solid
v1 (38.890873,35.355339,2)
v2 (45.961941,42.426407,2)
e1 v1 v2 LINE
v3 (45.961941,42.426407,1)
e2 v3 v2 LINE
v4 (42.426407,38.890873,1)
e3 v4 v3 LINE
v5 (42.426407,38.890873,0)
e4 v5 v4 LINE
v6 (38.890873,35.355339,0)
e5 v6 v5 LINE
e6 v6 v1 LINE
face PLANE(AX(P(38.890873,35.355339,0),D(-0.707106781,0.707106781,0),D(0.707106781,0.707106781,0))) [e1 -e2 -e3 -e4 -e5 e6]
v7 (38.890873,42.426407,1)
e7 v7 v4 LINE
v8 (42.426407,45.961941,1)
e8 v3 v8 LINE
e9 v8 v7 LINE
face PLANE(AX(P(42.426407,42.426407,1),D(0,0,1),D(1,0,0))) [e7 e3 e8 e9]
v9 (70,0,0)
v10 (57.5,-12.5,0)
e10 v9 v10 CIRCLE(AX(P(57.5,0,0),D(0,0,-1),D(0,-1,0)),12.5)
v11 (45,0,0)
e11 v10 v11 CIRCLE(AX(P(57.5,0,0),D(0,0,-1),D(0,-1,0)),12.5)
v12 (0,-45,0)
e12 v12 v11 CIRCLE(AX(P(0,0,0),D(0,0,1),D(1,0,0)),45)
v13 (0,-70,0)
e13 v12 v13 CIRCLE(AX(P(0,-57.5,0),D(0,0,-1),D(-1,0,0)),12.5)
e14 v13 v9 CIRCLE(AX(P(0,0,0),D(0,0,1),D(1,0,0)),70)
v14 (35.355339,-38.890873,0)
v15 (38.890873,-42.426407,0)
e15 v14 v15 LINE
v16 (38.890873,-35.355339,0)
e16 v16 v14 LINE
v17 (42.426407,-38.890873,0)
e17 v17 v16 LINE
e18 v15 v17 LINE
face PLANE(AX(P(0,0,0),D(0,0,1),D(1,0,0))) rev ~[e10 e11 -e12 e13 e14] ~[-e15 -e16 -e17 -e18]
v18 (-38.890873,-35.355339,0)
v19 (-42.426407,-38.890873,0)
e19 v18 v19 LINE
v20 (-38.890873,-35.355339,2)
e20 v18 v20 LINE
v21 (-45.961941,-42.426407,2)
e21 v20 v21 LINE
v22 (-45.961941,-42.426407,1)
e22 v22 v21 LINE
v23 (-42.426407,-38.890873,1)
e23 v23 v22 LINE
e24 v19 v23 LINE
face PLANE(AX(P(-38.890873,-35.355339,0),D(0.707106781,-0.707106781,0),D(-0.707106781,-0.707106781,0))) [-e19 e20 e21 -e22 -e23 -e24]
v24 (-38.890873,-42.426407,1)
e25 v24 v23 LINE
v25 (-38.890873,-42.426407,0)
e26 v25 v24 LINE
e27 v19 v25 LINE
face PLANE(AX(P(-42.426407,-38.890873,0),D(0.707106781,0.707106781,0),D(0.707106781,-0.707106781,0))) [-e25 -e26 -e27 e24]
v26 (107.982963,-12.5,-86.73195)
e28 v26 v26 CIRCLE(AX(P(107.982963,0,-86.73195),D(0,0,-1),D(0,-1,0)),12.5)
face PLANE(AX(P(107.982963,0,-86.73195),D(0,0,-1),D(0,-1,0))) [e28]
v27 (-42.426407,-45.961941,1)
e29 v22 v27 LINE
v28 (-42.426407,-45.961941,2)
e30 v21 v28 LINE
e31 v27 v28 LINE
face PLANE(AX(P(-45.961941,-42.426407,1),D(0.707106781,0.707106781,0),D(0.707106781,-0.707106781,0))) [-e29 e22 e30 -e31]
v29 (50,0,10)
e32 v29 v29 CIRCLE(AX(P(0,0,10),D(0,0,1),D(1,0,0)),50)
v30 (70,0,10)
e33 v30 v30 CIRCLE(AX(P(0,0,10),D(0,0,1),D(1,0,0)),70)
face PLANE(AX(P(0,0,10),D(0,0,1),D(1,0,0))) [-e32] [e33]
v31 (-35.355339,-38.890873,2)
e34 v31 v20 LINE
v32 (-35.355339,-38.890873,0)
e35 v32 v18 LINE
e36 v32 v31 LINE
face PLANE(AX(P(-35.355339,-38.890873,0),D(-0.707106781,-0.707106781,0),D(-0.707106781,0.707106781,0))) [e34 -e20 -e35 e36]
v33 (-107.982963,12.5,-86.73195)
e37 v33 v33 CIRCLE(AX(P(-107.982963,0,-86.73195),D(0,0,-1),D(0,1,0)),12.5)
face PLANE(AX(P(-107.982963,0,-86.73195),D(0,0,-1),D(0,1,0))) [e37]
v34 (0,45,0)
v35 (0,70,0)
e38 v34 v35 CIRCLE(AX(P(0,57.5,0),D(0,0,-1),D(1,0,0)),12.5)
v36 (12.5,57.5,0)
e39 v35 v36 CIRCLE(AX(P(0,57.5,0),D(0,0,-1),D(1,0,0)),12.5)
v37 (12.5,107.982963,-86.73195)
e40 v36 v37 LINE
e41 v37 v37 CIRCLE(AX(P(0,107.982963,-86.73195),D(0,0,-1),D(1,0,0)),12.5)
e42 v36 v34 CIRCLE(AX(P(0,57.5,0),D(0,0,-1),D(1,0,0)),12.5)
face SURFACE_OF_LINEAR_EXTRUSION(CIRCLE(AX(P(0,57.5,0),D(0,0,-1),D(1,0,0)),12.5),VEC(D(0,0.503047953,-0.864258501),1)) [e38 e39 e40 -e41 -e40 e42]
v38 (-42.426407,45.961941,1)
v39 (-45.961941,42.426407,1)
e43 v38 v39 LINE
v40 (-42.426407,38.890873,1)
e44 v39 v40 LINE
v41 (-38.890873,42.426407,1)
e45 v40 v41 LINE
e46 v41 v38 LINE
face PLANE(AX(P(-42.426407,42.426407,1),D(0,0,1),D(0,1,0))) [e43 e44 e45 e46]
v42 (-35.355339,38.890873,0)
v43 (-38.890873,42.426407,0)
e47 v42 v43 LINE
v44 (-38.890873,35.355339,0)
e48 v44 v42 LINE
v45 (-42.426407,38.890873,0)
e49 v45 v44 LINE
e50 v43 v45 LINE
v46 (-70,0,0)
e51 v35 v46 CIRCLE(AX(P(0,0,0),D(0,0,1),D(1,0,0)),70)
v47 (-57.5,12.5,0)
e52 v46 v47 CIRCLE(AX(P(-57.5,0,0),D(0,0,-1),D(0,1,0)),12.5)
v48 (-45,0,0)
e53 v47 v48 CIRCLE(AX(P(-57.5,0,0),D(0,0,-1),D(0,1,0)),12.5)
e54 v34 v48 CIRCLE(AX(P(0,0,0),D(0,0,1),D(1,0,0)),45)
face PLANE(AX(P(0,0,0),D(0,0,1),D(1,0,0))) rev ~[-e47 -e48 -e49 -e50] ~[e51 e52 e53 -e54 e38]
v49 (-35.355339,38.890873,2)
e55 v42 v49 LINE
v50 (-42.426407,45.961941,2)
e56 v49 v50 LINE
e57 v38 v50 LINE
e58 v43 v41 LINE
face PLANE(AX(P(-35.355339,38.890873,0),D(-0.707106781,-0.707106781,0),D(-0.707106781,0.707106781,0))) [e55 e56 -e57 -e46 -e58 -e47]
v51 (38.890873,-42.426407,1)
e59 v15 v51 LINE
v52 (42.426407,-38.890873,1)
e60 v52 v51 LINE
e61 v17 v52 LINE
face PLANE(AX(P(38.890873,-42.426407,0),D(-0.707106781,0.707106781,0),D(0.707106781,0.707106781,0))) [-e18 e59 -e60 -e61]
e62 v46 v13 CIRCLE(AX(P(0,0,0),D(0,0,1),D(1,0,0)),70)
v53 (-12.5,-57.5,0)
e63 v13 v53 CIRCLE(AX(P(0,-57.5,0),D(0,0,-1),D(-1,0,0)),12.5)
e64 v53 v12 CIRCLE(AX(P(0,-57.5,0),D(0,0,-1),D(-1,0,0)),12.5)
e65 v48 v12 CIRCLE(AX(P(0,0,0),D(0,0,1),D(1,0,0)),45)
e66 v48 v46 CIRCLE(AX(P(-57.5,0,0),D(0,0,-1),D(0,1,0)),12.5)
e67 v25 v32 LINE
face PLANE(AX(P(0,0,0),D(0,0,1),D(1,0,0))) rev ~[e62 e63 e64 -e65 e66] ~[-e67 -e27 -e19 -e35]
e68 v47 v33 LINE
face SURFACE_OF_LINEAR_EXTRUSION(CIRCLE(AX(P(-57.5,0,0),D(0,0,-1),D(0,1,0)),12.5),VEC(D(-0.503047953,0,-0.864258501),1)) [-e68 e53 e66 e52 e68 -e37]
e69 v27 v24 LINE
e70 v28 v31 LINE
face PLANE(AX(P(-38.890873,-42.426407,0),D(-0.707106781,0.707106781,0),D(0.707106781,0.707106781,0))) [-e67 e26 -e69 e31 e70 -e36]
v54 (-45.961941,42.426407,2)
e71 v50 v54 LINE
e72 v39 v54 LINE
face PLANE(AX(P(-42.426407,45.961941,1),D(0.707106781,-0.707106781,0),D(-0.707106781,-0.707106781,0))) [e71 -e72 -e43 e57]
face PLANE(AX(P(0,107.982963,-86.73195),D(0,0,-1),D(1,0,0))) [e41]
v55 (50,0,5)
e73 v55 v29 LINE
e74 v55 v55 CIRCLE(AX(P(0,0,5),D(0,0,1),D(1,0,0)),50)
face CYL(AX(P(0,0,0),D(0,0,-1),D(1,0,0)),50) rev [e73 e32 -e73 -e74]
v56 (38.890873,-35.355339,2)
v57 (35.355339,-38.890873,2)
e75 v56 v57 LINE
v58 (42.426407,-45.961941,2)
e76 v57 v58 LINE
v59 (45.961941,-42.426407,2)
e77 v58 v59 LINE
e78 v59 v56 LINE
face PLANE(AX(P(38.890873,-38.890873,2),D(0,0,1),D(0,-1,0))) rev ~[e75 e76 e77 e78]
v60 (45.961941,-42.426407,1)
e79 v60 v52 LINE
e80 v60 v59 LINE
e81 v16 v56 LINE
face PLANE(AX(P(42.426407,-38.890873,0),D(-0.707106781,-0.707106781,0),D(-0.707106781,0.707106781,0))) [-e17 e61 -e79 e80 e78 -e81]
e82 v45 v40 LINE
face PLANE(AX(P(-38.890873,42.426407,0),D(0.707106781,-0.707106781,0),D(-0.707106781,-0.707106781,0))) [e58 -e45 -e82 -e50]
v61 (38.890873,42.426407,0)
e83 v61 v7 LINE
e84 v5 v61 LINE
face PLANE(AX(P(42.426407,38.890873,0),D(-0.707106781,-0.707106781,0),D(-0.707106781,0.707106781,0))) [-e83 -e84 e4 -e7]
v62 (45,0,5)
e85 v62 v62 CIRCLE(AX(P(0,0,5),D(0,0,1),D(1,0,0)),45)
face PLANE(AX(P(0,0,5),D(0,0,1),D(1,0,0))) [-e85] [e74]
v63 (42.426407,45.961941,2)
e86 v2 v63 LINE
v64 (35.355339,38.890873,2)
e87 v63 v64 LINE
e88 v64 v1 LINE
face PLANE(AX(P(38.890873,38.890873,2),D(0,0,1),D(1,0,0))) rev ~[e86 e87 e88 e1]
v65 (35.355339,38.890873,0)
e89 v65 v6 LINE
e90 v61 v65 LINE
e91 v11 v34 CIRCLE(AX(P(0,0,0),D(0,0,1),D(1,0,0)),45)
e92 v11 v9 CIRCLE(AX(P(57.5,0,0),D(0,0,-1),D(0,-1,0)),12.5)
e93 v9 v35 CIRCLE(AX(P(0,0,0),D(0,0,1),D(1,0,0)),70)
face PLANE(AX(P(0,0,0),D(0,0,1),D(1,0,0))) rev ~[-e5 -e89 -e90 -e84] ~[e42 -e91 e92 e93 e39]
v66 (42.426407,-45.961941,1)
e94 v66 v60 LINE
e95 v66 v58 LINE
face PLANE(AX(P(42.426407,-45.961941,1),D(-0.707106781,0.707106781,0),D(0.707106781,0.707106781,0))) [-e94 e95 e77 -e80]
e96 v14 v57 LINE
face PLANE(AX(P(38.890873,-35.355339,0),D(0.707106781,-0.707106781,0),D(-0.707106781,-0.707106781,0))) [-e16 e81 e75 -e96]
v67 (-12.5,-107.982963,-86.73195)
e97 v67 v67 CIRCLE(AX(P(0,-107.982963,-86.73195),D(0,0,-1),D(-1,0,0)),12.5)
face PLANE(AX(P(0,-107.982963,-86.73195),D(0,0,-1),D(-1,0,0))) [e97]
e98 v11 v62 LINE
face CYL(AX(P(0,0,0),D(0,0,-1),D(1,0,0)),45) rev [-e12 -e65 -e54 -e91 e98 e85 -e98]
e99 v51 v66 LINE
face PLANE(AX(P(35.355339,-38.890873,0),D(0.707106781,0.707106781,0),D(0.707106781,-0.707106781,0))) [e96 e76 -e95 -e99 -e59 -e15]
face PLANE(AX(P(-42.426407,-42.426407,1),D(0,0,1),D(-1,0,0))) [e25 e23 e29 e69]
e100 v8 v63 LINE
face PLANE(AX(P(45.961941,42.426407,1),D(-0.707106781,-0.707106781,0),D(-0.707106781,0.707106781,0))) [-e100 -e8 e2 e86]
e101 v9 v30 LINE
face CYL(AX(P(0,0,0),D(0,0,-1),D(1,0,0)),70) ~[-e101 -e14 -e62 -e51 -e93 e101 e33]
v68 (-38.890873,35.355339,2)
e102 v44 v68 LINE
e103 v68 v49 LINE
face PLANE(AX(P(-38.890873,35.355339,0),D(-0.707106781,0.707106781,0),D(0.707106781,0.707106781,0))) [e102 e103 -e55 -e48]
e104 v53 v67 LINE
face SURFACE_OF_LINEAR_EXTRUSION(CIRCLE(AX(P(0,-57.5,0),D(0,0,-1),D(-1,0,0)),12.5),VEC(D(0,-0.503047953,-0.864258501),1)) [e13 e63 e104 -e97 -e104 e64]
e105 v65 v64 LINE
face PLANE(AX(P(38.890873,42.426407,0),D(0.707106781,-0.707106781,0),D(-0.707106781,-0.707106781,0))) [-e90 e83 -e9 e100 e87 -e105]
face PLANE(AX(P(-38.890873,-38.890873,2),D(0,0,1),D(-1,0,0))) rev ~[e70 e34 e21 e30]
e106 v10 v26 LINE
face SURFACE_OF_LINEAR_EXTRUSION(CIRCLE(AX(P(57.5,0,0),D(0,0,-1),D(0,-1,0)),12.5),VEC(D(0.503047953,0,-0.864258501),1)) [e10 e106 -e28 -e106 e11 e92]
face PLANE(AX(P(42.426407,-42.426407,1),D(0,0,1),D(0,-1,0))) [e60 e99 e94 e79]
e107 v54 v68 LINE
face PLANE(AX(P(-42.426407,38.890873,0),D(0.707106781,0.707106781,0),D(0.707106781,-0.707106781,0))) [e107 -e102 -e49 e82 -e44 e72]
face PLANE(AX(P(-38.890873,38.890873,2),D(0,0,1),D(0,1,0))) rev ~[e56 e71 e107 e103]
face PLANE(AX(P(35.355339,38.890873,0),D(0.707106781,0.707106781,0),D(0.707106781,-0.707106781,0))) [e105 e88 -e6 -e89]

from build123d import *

# Parameters (mm, degrees)
SKETCH1_R           = 70
SKETCH1_R_2         = 50
BOSS_EXTRUDE1_DEPTH = 10
SKETCH1_6_R         = 50
SKETCH1_6_R_2       = 45
BOSS_EXTRUDE3_DEPTH = 5
SKETCH2_R           = 12.5
CIRPATTERN2_COUNT   = 4
CUT_EXTRUDE5_DEPTH  = 2
CUT_EXTRUDE8_START  = -1
CUT_EXTRUDE8_DEPTH  = 1
CIRPATTERN4_COUNT   = 4


with BuildPart() as part:
    # Sketch1 → Boss-Extrude1 (new body)
    with BuildSketch(Plane.XY):
        Circle(SKETCH1_R)
        Circle(SKETCH1_R_2, mode=Mode.SUBTRACT)
    extrude(amount=BOSS_EXTRUDE1_DEPTH)

    # Sketch1<6> → Boss-Extrude3 (add)
    with BuildSketch(Plane.XY):
        Circle(SKETCH1_6_R)
        Circle(SKETCH1_6_R_2, mode=Mode.SUBTRACT)
    extrude(amount=BOSS_EXTRUDE3_DEPTH)

    # Sweep1: sweep along a path in Sketch3
    with BuildLine(Plane(origin=(0, 0, 0), x_dir=(0, 0, -1), z_dir=(1, 0, 0))) as sweep1_path:
        Line((0, -57.5), (86.731949901, -107.982962913))
    # Sketch2 → Sweep1 (sweep)
    with BuildSketch(Plane(origin=(0, 0, 0), x_dir=(-1, 0, 0), z_dir=(0, 0, -1))):
        with Locations((0, -57.5)):
            Circle(SKETCH2_R)
    sweep1 = sweep(path=sweep1_path.line)

    # CirPattern2: Sweep1 ×4 about axis
    cirpattern2_axis = Axis((0, 0, 10), (0, 0, -1))
    for i in range(1, CIRPATTERN2_COUNT):
        add(sweep1.rotate(cirpattern2_axis, i * 360 / CIRPATTERN2_COUNT))

    # Sketch8 → Cut-Extrude5 (cut)
    with BuildSketch(Plane(origin=(0, 0, 0), x_dir=(-1, 0, 0), z_dir=(0, 0, -1))):
        Polygon((-38.890872965, 42.426406871), (-42.426406871, 38.890872965), (-38.890872965, 35.355339059), (-35.355339059, 38.890872965), align=None)
    cut_extrude5 = extrude(amount=-CUT_EXTRUDE5_DEPTH, mode=Mode.SUBTRACT)

    # Sketch8<6> → Cut-Extrude8 (cut)
    with BuildSketch(Plane(origin=(0, 0, 0), x_dir=(-1, 0, 0), z_dir=(0, 0, -1)).offset(CUT_EXTRUDE8_START)):
        Polygon((-45.961940777, 42.426406871), (-42.426406871, 38.890872965), (-38.890872965, 42.426406871), (-42.426406871, 45.961940777), align=None)
    cut_extrude8 = extrude(amount=-CUT_EXTRUDE8_DEPTH, mode=Mode.SUBTRACT)

    # CirPattern4: Cut-Extrude5, Cut-Extrude8 ×4 about axis
    cirpattern4_axis = Axis((0, 0, 10), (0, 0, -1))
    add([cut_extrude5.rotate(cirpattern4_axis, i * 360 / CIRPATTERN4_COUNT) for i in range(1, CIRPATTERN4_COUNT)], mode=Mode.SUBTRACT)
    add([cut_extrude8.rotate(cirpattern4_axis, i * 360 / CIRPATTERN4_COUNT) for i in range(1, CIRPATTERN4_COUNT)], mode=Mode.SUBTRACT)


solid = part.part
